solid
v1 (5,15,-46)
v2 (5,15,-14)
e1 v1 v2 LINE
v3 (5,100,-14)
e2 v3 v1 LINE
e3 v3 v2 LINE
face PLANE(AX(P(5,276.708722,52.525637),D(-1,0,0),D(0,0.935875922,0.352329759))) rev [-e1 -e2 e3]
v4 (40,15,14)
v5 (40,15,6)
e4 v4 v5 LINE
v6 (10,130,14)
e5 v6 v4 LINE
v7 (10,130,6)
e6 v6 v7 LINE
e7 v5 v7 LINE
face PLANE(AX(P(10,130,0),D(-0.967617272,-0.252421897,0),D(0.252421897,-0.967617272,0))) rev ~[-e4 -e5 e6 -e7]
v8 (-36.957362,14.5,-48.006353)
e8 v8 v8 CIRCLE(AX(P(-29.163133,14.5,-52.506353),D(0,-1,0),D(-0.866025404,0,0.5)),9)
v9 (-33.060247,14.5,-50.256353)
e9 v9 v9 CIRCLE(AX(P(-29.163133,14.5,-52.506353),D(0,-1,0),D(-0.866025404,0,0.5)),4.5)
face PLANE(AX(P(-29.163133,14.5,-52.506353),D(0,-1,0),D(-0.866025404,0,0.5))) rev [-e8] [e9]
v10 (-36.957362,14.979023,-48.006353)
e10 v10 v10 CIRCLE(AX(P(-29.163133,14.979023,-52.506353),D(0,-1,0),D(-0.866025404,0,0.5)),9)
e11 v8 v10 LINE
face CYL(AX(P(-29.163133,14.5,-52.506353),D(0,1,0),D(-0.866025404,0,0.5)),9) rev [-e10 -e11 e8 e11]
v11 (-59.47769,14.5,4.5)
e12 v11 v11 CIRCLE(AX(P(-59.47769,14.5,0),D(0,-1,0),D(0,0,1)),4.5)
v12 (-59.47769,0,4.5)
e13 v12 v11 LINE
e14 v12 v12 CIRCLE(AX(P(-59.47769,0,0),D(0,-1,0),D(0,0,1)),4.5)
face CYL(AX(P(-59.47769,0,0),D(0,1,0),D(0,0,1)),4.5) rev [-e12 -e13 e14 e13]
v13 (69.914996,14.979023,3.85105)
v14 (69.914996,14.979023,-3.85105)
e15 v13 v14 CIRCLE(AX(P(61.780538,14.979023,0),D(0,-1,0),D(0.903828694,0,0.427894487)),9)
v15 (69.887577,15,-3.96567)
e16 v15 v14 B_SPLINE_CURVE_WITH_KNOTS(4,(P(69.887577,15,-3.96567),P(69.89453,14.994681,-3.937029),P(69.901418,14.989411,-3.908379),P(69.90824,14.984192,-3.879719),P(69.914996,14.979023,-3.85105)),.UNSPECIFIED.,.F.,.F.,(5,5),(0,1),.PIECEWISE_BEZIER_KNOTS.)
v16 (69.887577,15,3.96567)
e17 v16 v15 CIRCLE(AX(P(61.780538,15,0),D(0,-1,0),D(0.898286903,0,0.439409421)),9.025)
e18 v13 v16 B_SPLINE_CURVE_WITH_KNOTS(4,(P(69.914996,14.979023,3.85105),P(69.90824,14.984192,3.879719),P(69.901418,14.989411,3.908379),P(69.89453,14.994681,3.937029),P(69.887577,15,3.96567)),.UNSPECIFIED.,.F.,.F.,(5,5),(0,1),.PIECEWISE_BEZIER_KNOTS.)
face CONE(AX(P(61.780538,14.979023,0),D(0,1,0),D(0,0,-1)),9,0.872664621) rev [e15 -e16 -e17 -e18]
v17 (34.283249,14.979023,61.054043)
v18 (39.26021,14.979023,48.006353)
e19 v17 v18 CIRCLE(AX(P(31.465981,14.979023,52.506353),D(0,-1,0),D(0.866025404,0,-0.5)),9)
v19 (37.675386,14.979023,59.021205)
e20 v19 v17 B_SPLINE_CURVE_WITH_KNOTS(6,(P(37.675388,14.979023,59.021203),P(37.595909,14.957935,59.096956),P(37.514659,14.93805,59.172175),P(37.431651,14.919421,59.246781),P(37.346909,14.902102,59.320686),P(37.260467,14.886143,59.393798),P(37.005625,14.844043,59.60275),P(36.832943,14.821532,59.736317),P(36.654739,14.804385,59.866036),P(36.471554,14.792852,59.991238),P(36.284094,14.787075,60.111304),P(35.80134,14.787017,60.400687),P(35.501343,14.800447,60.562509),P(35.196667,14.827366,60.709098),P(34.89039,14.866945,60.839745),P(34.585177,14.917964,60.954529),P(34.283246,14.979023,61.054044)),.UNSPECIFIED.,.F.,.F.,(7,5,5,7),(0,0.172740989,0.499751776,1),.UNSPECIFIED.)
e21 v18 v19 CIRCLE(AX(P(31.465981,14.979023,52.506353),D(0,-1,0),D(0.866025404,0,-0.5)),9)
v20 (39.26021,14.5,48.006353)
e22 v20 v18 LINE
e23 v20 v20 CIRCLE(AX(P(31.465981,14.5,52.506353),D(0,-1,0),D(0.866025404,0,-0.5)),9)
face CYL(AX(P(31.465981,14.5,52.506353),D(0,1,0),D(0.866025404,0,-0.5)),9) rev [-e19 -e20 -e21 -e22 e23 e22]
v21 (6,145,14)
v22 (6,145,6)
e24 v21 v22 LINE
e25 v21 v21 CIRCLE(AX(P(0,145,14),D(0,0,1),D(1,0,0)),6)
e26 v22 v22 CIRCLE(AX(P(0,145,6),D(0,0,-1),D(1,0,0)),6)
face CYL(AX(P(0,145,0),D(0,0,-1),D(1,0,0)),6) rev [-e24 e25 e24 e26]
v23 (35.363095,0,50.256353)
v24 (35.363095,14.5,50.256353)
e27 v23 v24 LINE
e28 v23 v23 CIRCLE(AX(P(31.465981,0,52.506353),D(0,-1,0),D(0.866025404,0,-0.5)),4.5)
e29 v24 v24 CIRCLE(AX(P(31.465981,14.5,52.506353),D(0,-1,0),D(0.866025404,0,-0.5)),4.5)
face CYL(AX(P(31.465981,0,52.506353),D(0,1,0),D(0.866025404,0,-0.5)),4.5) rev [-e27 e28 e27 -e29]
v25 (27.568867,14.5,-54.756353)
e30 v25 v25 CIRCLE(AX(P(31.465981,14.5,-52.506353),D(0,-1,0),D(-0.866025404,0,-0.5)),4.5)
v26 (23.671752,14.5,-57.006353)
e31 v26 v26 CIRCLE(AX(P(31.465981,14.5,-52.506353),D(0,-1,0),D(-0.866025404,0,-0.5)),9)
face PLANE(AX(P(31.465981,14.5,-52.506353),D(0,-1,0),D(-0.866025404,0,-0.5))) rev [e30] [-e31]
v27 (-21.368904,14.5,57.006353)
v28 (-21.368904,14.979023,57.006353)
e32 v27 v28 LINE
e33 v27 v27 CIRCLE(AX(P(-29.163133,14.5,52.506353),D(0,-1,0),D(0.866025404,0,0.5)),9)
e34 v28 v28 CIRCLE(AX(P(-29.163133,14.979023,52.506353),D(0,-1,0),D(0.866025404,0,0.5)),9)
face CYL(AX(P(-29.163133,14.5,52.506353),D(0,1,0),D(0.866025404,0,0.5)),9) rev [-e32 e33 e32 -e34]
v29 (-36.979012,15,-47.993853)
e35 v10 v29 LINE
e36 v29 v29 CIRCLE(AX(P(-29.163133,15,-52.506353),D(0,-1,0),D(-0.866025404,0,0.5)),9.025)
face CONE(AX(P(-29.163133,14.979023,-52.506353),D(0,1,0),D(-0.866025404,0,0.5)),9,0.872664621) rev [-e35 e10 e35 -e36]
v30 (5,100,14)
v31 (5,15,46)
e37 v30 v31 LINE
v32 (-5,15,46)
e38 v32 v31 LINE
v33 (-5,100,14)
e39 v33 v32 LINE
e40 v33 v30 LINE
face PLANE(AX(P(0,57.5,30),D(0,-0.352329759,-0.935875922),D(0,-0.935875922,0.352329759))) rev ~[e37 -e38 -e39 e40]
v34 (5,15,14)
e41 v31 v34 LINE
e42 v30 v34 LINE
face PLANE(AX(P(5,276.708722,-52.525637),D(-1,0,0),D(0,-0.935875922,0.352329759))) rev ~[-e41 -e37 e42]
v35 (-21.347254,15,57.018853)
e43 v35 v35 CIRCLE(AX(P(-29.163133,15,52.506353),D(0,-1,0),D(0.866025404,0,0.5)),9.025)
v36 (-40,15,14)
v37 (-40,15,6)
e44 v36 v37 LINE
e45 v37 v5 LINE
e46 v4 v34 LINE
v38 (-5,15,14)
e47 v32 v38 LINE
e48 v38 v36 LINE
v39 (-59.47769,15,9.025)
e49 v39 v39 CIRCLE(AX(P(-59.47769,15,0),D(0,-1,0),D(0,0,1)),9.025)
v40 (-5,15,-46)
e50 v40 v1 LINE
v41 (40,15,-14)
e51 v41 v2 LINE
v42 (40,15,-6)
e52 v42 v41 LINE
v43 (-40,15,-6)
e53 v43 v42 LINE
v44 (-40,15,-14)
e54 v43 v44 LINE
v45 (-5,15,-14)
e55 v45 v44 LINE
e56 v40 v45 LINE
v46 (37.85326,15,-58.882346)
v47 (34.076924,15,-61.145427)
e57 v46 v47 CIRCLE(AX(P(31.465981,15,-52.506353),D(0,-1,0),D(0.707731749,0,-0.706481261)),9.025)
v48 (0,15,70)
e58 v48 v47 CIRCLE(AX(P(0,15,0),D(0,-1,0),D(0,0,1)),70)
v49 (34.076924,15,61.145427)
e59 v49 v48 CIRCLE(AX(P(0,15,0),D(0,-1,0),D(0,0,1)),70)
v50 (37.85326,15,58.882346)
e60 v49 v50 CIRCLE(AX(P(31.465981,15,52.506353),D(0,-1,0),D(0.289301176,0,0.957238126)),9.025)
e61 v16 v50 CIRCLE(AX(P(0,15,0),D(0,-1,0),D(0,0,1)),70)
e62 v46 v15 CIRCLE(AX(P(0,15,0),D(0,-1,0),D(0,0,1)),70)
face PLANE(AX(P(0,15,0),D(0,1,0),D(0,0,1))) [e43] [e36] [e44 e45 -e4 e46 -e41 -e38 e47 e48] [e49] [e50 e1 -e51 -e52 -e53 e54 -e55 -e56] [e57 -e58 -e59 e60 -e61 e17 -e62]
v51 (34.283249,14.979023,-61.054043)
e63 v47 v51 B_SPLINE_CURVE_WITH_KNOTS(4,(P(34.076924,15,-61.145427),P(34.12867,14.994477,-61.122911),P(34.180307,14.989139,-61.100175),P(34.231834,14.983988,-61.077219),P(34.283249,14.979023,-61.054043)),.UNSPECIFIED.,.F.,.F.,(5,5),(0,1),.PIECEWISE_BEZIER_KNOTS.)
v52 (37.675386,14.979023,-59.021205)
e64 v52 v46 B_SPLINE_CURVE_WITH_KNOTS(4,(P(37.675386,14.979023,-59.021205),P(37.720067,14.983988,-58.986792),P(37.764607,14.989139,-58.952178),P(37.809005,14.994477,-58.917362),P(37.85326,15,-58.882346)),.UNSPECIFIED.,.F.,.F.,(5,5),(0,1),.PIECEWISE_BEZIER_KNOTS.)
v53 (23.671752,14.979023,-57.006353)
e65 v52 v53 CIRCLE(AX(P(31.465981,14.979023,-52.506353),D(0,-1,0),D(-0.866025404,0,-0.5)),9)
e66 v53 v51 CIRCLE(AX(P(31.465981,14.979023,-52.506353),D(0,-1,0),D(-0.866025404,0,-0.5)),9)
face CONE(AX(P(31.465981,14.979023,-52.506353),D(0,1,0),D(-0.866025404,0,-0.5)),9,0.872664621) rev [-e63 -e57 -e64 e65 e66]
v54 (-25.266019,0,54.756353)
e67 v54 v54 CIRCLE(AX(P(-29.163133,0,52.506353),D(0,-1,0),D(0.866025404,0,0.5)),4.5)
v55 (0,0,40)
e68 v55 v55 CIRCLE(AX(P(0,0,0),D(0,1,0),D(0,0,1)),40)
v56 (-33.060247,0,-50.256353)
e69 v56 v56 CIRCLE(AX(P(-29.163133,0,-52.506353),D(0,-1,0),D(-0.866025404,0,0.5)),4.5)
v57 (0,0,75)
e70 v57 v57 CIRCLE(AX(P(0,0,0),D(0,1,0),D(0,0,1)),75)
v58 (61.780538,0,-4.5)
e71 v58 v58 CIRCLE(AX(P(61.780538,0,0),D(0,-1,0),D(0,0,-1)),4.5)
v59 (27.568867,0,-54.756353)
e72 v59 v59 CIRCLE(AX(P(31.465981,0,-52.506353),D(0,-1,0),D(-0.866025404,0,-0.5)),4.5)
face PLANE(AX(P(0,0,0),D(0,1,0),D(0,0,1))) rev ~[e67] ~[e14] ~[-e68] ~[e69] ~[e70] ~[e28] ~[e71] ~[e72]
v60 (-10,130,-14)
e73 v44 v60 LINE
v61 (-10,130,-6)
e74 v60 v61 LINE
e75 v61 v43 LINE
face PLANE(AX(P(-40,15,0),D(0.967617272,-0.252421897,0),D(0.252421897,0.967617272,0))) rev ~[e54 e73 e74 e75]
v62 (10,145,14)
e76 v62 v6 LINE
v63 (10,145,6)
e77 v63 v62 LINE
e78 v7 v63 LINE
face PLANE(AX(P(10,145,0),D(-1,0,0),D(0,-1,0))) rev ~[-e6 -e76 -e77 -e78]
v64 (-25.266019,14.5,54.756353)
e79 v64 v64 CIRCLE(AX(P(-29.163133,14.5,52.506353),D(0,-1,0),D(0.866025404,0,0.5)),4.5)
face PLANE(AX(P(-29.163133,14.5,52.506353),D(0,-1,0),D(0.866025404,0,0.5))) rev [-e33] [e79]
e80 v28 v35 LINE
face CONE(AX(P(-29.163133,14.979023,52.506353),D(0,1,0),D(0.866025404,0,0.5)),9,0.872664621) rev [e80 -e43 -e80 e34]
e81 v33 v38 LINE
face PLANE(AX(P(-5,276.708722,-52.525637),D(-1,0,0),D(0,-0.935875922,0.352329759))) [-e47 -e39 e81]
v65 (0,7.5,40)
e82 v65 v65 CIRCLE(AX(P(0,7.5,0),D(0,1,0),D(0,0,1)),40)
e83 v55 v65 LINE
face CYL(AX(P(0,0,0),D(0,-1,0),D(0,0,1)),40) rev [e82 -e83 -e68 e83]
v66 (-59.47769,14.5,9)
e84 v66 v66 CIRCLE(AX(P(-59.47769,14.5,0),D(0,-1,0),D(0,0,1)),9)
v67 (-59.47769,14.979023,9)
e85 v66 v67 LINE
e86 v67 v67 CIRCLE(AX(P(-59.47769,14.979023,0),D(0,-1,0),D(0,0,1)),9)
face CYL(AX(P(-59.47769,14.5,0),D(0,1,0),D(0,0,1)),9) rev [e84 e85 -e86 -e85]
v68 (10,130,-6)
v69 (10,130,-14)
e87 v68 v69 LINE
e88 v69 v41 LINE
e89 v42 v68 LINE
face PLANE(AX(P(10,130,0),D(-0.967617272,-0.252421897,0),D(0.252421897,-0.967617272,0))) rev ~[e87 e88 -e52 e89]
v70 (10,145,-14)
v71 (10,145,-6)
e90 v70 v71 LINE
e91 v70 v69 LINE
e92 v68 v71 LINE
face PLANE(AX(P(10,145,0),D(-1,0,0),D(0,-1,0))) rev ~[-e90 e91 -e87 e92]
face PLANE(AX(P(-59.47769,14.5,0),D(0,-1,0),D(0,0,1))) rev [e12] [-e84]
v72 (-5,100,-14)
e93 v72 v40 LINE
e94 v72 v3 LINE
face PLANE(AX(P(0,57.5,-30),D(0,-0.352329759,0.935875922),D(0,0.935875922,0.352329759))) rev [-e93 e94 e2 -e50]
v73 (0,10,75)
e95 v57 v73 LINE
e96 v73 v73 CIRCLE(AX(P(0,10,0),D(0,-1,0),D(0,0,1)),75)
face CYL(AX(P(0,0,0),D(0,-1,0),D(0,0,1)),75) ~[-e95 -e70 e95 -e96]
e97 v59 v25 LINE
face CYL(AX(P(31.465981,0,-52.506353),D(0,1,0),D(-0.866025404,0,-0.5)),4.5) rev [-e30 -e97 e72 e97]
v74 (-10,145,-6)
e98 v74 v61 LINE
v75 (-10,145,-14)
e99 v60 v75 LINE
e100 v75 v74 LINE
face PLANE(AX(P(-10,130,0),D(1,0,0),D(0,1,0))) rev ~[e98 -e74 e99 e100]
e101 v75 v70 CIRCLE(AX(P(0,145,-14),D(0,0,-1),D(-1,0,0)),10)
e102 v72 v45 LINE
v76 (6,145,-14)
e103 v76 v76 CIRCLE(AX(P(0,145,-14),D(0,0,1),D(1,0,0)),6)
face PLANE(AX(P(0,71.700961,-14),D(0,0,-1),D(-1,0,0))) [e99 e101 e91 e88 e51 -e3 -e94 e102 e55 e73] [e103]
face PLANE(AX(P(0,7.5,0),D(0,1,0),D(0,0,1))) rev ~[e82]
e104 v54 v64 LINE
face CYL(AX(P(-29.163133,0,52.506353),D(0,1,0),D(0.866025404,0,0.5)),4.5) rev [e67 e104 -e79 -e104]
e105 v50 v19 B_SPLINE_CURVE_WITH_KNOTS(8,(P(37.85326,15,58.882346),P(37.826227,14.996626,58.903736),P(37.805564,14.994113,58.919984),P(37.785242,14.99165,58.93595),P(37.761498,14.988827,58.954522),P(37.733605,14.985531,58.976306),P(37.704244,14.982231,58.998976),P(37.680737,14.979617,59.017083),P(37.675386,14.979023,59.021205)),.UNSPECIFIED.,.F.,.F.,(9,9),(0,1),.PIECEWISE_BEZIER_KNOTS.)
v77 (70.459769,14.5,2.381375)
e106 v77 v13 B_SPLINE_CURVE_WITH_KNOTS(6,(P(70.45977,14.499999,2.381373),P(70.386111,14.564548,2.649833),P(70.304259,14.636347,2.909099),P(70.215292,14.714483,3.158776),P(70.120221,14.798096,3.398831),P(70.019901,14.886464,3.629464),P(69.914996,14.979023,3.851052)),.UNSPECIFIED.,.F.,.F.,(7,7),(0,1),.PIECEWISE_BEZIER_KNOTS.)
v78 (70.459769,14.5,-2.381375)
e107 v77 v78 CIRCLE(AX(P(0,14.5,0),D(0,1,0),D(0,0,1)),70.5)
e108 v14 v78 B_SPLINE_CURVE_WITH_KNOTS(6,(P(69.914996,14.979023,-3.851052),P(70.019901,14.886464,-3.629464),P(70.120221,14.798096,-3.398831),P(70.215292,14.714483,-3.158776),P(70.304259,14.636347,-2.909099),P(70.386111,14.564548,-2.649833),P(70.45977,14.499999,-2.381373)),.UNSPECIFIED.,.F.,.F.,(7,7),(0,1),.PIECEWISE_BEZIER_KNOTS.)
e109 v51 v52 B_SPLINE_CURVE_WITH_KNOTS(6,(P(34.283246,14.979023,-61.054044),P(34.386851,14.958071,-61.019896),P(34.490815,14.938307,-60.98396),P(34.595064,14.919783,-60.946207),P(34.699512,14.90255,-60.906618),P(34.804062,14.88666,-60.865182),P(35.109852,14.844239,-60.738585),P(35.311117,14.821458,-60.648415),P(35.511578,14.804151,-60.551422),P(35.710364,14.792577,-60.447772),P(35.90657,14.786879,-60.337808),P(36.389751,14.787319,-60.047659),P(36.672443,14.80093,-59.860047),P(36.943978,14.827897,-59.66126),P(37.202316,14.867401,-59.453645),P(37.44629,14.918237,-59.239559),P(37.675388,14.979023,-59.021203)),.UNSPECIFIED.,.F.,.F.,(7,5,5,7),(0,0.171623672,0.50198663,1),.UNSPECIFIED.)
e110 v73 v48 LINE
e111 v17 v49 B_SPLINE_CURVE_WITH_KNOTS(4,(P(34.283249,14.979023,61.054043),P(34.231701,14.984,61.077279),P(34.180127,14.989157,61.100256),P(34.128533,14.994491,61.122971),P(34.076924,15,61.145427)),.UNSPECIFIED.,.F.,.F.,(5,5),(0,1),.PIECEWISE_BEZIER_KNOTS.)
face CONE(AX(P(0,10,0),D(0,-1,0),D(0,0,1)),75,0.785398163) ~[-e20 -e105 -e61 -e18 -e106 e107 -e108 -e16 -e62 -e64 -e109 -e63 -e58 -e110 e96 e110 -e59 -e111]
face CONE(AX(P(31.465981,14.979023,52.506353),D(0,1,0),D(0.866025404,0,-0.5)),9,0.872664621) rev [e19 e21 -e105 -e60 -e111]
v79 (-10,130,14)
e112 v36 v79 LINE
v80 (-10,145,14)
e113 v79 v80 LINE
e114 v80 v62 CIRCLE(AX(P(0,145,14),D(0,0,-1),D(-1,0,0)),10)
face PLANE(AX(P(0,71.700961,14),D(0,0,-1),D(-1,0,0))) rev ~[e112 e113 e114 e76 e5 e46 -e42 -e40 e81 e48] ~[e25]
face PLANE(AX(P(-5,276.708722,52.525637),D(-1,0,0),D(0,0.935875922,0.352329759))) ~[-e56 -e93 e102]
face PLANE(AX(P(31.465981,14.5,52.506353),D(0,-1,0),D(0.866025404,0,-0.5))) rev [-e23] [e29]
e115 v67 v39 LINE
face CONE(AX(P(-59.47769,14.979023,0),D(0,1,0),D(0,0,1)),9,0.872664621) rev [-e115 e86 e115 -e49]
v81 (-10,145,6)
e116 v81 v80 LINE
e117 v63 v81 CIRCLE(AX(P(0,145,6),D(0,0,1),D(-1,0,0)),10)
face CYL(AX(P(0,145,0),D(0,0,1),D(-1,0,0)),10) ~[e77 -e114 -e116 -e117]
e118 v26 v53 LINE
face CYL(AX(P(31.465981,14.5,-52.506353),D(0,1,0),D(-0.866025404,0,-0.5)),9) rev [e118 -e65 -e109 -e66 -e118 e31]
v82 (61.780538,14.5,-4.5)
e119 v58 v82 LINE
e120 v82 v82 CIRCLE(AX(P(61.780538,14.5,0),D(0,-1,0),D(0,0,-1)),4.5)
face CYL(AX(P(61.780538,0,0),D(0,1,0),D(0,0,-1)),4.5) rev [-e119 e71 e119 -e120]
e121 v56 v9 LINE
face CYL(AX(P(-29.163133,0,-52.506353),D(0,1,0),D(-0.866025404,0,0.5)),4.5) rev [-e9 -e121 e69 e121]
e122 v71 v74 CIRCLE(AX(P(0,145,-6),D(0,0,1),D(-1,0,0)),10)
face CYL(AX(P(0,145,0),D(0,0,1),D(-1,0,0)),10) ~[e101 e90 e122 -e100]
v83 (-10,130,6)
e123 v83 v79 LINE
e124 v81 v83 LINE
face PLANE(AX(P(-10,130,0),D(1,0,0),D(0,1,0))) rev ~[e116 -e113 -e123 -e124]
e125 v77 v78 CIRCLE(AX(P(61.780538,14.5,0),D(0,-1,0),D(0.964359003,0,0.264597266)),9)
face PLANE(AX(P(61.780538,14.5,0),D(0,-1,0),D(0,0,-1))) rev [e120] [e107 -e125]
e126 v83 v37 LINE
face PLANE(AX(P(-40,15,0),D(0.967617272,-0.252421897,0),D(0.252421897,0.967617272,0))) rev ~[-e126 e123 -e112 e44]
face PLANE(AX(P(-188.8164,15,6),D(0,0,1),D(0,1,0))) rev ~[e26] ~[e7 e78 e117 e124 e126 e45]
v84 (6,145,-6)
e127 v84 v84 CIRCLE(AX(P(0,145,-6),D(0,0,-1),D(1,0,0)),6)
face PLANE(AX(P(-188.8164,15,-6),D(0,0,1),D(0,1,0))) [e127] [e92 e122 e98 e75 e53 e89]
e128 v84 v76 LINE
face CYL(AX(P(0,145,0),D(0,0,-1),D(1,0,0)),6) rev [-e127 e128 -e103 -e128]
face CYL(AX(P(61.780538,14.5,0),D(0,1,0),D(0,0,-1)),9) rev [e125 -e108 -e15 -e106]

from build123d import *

# Parameters (mm, degrees)
SKETCH_2_R               = 75
EXTRUDE_1_DEPTH          = 15
SKETCH_3_R               = 6
EXTRUDE_2_DEPTH          = 14
CUT_EXTRUDE_2_DEPTH      = 188.81639971
CUT_EXTRUDE_2_DEPTH_BACK = 188.81639971
SKETCH_4_W               = 12
SKETCH_4_H               = 150
SKETCH_5_R               = 40
CUT_EXTRUDE_3_DEPTH      = 7.5
CHAMFER_2_SIZE           = 5
RIB_21_REACH             = 189.816
SKETCH_8_WALL_W          = 468.456805058
SKETCH_8_WALL_H          = 10
PATTERN_CIRCULAR_3_COUNT = 6


with BuildPart() as part:
    # 草图2 → 凸台-拉伸1 (new body)
    with BuildSketch(Plane(origin=(0, 0, 0), x_dir=(1, 0, 0), z_dir=(0, 1, 0))):
        with Locations(Location((0, 0, 0), (0, 0, 270))):
            Circle(SKETCH_2_R)
    extrude(amount=EXTRUDE_1_DEPTH)

    # 草图3 → 凸台-拉伸2 (add, symmetric)
    with BuildSketch(Plane.XY):
        with BuildLine():
            Line((10, 145), (10, 130))
            Line((10, 130), (40, 15))
            Line((40, 15), (-40, 15))
            Line((-40, 15), (-10, 130))
            Line((-10, 130), (-10, 145))
            ThreePointArc((-10, 145), (0, 155), (10, 145))
        make_face()
        with Locations((0, 145)):
            Circle(SKETCH_3_R, mode=Mode.SUBTRACT)
    extrude(amount=EXTRUDE_2_DEPTH, both=True)

    # 草图4 → 切除-拉伸2 (cut, two sides: drawn at the far end of the back side and taken through both)
    with BuildSketch(Plane(origin=(0, 0, 0), x_dir=(0, 0, -1), z_dir=(1, 0, 0)).offset(-CUT_EXTRUDE_2_DEPTH_BACK)):
        with Locations((0, 90)):
            Rectangle(SKETCH_4_W, SKETCH_4_H)
    extrude(amount=CUT_EXTRUDE_2_DEPTH + CUT_EXTRUDE_2_DEPTH_BACK, mode=Mode.SUBTRACT)

    # 草图5 → 切除-拉伸3 (cut)
    with BuildSketch(Plane(origin=(0, 0, 0), x_dir=(1, 0, 0), z_dir=(0, 1, 0))):
        with Locations(Location((0, 0, 0), (0, 0, 270))):
            Circle(SKETCH_5_R)
    extrude(amount=CUT_EXTRUDE_3_DEPTH, mode=Mode.SUBTRACT)

    # 倒角2
    chamfer_2_edges = [part.edges().sort_by_distance(p)[0] for p in [
        (0, 15, -75),
    ]]
    chamfer(chamfer_2_edges, length=CHAMFER_2_SIZE)

    # 草图8 wall → 筋21 (add, up to next)
    with BuildSketch(Plane(origin=(0, 57.5, 30), x_dir=(0, -0.935875921829, 0.352329758806), z_dir=(0, -0.352329758806, -0.935875921829)), mode=Mode.PRIVATE) as rib_21_sk1:
        Rectangle(SKETCH_8_WALL_W, SKETCH_8_WALL_H)
    rib_21_tool1 = extrude(rib_21_sk1.sketch, amount=RIB_21_REACH, mode=Mode.PRIVATE) - part.part
    rib_21 = rib_21_tool1.solids().sort_by_distance((0, 57.5, 30))[0]
    add(rib_21)

    # 镜向1: 筋21 across plane
    add(rib_21.mirror(Plane.XY))

    # 草图24 → M8 六角头螺栓C级的柱形沉头孔7 (revolve, cut)
    with BuildSketch(Plane(origin=(-59.477689935, 15, 0), x_dir=(0, 0, 1), z_dir=(1, 0, 0))):
        Polygon((0, 0), (0, 15), (4.5, 15), (4.5, 0.5), (9, 0.5), (9, 0.020977491), (9.025, 0), align=None)
    m8_c_7 = revolve(axis=Axis((-59.477689935, 21.35, 0), (0, -1, 0)), mode=Mode.SUBTRACT)

    # 阵列(圆周)3: M8 六角头螺栓C级的柱形沉头孔7 ×6 about axis
    pattern_circular_3_axis = Axis((1.151424032, 0, 0), (0, 1, 0))
    for i in range(1, PATTERN_CIRCULAR_3_COUNT):
        add(m8_c_7.rotate(pattern_circular_3_axis, i * 360 / PATTERN_CIRCULAR_3_COUNT), mode=Mode.SUBTRACT)


solid = part.part
